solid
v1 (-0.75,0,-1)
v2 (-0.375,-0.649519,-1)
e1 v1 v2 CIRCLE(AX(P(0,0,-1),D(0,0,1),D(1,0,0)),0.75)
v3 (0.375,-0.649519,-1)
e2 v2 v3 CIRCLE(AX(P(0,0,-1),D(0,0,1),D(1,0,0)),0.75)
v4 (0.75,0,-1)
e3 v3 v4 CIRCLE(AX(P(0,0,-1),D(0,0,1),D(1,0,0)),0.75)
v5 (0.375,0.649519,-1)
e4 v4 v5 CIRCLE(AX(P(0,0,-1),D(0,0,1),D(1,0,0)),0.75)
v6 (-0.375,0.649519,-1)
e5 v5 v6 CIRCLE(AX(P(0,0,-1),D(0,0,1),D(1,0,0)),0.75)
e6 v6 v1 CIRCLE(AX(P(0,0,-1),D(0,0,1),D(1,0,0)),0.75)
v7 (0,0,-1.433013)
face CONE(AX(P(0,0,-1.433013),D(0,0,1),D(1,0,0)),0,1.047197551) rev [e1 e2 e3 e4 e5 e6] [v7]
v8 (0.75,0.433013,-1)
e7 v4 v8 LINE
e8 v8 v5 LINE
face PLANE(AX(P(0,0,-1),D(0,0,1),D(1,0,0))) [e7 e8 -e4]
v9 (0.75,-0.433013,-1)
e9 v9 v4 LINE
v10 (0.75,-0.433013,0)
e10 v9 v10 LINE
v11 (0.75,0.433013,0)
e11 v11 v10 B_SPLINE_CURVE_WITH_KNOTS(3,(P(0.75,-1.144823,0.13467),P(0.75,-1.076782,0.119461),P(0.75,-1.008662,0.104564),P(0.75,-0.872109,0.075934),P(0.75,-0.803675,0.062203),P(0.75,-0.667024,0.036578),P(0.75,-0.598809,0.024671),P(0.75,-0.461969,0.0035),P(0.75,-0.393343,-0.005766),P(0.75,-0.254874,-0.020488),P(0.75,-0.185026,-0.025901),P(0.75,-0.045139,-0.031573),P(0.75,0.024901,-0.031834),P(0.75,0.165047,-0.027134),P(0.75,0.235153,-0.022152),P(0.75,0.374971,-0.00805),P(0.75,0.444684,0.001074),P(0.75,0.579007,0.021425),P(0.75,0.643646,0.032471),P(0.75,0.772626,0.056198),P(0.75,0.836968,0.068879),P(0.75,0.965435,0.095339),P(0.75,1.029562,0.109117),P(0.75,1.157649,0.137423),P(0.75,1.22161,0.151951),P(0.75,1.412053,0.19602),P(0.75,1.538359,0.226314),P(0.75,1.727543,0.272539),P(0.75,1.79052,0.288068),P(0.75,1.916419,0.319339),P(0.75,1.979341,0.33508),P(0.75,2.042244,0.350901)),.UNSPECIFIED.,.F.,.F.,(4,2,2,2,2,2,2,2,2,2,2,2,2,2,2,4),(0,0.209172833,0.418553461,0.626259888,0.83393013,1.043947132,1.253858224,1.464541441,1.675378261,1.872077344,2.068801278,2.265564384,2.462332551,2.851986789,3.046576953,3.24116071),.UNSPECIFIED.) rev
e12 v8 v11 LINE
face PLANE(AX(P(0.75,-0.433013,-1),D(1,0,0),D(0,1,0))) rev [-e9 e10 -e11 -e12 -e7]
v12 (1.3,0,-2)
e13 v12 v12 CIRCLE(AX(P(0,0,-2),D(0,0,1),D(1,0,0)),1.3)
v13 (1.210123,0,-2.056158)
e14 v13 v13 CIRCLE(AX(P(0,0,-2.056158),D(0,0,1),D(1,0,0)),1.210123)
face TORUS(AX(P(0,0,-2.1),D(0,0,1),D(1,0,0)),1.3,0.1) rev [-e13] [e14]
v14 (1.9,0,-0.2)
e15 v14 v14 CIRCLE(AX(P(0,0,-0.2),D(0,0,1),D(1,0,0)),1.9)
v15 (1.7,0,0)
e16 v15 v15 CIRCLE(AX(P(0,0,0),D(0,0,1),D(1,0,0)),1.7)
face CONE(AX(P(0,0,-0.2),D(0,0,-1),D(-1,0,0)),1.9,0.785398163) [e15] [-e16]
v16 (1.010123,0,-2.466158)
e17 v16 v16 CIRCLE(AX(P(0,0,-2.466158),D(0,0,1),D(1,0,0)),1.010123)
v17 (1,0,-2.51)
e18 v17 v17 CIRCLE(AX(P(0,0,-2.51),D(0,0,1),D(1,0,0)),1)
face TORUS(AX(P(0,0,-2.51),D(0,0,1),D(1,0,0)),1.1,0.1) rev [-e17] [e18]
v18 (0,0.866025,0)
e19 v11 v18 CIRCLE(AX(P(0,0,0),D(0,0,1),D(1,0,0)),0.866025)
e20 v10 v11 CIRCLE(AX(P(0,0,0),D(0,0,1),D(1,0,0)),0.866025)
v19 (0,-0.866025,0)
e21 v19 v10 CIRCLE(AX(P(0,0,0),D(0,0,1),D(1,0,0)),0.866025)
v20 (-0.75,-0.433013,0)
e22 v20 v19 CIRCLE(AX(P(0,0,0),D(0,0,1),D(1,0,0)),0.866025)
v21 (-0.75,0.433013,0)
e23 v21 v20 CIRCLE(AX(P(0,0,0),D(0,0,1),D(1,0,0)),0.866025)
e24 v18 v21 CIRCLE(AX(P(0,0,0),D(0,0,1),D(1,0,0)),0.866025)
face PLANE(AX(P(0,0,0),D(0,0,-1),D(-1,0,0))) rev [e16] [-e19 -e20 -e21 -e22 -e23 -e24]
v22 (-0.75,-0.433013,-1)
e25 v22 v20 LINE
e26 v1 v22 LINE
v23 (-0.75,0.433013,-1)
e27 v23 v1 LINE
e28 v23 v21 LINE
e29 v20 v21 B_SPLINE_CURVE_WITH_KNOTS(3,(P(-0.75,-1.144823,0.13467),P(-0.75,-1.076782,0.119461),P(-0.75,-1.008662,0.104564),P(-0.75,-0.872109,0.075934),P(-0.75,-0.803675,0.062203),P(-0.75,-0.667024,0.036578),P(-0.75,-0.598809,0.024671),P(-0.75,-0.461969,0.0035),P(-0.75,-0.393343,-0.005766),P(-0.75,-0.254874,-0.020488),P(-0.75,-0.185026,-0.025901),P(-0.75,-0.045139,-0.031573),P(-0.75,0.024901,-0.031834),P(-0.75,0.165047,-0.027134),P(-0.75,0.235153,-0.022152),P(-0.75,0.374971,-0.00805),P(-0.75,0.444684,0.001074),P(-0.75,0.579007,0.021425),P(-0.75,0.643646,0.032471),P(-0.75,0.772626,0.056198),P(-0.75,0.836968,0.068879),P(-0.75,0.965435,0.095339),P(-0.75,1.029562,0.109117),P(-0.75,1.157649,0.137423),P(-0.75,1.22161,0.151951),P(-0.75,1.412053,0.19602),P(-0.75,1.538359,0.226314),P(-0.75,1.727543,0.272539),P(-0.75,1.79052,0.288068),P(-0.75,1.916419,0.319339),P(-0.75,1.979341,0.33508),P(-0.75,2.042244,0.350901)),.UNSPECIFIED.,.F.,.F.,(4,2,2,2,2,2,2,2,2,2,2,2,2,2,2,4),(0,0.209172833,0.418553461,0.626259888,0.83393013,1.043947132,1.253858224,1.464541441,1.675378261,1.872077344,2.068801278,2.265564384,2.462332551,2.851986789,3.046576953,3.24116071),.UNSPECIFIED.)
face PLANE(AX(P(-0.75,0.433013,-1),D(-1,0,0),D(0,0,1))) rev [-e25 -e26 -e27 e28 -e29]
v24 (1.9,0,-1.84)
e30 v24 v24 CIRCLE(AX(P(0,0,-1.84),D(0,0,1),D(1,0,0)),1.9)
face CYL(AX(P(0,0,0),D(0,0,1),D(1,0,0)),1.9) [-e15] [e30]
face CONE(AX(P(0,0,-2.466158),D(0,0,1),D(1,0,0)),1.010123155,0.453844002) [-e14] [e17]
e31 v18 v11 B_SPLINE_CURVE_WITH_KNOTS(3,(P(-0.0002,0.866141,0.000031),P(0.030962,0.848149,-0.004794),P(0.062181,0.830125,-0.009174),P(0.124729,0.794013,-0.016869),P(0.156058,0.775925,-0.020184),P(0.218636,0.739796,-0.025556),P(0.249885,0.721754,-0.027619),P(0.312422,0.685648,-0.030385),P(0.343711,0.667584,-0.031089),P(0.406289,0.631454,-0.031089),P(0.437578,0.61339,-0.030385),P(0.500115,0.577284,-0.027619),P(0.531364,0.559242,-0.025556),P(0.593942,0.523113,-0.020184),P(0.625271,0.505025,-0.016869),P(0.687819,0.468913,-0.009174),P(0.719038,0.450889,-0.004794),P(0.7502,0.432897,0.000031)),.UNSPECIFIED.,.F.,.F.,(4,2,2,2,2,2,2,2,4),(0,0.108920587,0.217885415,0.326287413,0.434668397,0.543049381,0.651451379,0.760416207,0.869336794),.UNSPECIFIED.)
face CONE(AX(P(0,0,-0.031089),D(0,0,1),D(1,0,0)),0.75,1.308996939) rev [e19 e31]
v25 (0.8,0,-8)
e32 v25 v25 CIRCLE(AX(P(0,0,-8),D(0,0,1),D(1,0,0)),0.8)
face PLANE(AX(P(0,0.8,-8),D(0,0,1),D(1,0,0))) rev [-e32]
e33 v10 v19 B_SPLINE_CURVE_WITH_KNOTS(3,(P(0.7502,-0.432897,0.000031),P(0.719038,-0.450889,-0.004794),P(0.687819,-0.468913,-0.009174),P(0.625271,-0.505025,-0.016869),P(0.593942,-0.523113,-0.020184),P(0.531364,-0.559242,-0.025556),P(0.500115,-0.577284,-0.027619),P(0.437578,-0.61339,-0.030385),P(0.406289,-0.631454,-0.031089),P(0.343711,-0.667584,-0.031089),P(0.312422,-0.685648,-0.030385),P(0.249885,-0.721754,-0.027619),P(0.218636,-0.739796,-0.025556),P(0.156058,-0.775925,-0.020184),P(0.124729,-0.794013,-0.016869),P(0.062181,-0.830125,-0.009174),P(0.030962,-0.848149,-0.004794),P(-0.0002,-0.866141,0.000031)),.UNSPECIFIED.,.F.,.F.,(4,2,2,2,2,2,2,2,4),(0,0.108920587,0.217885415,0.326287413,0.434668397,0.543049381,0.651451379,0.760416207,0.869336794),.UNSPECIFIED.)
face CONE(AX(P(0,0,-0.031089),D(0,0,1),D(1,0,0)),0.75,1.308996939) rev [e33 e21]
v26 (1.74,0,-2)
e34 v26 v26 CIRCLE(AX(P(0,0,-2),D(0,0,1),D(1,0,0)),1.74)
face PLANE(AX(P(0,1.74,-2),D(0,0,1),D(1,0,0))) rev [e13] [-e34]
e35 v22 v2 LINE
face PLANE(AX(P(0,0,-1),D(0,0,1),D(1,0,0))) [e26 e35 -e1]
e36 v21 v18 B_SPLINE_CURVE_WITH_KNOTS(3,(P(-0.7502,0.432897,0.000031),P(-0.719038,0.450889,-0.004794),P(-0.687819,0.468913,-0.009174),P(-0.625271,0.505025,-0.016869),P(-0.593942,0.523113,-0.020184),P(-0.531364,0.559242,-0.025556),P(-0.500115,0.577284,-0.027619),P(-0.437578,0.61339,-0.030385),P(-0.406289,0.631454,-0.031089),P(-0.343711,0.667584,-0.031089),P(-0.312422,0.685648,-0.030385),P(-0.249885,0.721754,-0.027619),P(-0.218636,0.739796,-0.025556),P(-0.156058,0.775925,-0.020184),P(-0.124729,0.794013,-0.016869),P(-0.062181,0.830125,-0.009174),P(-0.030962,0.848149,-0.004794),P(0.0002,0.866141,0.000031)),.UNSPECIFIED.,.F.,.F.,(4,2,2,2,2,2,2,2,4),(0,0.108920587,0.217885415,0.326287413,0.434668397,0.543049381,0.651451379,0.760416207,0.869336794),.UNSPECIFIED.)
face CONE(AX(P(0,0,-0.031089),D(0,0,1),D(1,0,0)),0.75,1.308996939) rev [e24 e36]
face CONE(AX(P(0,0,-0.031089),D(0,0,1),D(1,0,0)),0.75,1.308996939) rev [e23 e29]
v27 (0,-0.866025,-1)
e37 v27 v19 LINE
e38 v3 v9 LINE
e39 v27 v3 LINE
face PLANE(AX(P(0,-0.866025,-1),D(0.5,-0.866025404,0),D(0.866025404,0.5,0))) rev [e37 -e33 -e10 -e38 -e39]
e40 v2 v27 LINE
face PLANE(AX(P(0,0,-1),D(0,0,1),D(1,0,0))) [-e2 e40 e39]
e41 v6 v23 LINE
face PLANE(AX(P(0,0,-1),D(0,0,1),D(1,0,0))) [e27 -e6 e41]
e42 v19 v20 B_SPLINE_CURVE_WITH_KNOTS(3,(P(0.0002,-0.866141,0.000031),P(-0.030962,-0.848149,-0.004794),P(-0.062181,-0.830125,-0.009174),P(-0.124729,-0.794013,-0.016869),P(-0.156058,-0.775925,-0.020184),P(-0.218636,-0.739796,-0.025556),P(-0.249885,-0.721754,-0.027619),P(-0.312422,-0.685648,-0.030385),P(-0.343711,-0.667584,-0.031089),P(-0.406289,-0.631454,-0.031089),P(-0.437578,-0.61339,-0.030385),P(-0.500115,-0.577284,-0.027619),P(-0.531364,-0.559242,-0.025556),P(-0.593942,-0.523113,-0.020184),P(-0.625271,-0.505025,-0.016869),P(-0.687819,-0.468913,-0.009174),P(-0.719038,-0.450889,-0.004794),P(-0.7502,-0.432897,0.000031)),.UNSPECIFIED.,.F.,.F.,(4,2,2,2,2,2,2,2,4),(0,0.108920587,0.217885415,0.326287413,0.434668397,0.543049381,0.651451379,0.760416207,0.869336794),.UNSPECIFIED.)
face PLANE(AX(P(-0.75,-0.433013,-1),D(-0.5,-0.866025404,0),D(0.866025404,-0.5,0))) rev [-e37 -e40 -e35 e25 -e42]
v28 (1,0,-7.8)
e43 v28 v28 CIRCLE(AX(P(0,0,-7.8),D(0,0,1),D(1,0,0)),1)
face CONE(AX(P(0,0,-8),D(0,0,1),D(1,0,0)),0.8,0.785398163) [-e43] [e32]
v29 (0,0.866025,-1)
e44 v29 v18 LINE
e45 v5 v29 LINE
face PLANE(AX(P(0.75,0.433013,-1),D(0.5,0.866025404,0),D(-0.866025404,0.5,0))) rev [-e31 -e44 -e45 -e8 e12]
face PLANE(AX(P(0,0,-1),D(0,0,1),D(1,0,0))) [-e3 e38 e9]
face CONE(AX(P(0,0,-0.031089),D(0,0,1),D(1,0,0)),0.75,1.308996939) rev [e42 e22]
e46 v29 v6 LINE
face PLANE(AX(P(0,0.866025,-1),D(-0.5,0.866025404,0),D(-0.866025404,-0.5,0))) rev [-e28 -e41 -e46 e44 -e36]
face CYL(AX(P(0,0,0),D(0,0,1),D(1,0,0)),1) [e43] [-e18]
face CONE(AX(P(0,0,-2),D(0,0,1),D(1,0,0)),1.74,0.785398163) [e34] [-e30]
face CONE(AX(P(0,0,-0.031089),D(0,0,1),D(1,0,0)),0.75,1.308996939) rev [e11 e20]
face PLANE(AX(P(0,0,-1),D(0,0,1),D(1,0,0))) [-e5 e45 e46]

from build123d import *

# Parameters (mm, degrees)
CUT_EXTRUDE1_DEPTH = 1


with BuildPart() as part:
    # Sketch1 → Revolve1 (revolve)
    with BuildSketch(Plane(origin=(0, 0, 0), x_dir=(0, 0, -1), z_dir=(1, 0, 0)), mode=Mode.PRIVATE) as revolve1_sk:
        with BuildLine():
            Line((0, 0), (0, 1.7))
            Line((0, 1.7), (0.2, 1.9))
            Line((0.2, 1.9), (1.84, 1.9))
            Line((1.84, 1.9), (2, 1.74))
            Line((2, 1.74), (2, 1.3))
            ThreePointArc((2, 1.3), (2.015193643, 1.24701055), (2.056157637, 1.210123155))
            Line((2.056157637, 1.210123155), (2.466157637, 1.010123155))
            ThreePointArc((2.466157637, 1.010123155), (2.48750205, 1.00256365), (2.51, 1))
            Line((2.51, 1), (7.8, 1))
            Line((7.8, 1), (8, 0.8))
            Line((8, 0.8), (8, 0))
            Line((8, 0), (0, 0))
        make_face()
    revolve(revolve1_sk.sketch.rotate(Axis((0, 0, 0), (0, 0, -1)), 90), axis=Axis((0, 0, 0), (0, 0, -1)))

    # Sketch2 → Cut-Extrude1 (cut)
    with BuildSketch(Plane.XY):
        Polygon((0, 0.866025404), (-0.75, 0.433012702), (-0.75, -0.433012702), (0, -0.866025404), (0.75, -0.433012702), (0.75, 0.433012702), align=None)
    extrude(amount=-CUT_EXTRUDE1_DEPTH, mode=Mode.SUBTRACT)

    # Sketch3 → Cut-Revolve2 (revolve, cut)
    with BuildSketch(Plane(origin=(0, 0, 0), x_dir=(0, 0, -1), z_dir=(1, 0, 0)), mode=Mode.PRIVATE) as cut_revolve2_sk:
        Polygon((1, 0), (1, 0.75), (1.433012702, 0), align=None)
    revolve(cut_revolve2_sk.sketch.rotate(Axis((0, 0, -1), (0, 0, -1)), 90), axis=Axis((0, 0, -1), (0, 0, -1)), mode=Mode.SUBTRACT)

    # Sketch4 → Cut-Revolve3 (revolve, cut)
    with BuildSketch(Plane(origin=(0, 0, 0), x_dir=(0, 0, -1), z_dir=(1, 0, 0))):
        Polygon((0, 0.866025404), (0, 0.75), (0.031088913, 0.75), align=None)
    revolve(axis=Axis((0, 0, 0), (0, 0, -1)), mode=Mode.SUBTRACT)


solid = part.part
